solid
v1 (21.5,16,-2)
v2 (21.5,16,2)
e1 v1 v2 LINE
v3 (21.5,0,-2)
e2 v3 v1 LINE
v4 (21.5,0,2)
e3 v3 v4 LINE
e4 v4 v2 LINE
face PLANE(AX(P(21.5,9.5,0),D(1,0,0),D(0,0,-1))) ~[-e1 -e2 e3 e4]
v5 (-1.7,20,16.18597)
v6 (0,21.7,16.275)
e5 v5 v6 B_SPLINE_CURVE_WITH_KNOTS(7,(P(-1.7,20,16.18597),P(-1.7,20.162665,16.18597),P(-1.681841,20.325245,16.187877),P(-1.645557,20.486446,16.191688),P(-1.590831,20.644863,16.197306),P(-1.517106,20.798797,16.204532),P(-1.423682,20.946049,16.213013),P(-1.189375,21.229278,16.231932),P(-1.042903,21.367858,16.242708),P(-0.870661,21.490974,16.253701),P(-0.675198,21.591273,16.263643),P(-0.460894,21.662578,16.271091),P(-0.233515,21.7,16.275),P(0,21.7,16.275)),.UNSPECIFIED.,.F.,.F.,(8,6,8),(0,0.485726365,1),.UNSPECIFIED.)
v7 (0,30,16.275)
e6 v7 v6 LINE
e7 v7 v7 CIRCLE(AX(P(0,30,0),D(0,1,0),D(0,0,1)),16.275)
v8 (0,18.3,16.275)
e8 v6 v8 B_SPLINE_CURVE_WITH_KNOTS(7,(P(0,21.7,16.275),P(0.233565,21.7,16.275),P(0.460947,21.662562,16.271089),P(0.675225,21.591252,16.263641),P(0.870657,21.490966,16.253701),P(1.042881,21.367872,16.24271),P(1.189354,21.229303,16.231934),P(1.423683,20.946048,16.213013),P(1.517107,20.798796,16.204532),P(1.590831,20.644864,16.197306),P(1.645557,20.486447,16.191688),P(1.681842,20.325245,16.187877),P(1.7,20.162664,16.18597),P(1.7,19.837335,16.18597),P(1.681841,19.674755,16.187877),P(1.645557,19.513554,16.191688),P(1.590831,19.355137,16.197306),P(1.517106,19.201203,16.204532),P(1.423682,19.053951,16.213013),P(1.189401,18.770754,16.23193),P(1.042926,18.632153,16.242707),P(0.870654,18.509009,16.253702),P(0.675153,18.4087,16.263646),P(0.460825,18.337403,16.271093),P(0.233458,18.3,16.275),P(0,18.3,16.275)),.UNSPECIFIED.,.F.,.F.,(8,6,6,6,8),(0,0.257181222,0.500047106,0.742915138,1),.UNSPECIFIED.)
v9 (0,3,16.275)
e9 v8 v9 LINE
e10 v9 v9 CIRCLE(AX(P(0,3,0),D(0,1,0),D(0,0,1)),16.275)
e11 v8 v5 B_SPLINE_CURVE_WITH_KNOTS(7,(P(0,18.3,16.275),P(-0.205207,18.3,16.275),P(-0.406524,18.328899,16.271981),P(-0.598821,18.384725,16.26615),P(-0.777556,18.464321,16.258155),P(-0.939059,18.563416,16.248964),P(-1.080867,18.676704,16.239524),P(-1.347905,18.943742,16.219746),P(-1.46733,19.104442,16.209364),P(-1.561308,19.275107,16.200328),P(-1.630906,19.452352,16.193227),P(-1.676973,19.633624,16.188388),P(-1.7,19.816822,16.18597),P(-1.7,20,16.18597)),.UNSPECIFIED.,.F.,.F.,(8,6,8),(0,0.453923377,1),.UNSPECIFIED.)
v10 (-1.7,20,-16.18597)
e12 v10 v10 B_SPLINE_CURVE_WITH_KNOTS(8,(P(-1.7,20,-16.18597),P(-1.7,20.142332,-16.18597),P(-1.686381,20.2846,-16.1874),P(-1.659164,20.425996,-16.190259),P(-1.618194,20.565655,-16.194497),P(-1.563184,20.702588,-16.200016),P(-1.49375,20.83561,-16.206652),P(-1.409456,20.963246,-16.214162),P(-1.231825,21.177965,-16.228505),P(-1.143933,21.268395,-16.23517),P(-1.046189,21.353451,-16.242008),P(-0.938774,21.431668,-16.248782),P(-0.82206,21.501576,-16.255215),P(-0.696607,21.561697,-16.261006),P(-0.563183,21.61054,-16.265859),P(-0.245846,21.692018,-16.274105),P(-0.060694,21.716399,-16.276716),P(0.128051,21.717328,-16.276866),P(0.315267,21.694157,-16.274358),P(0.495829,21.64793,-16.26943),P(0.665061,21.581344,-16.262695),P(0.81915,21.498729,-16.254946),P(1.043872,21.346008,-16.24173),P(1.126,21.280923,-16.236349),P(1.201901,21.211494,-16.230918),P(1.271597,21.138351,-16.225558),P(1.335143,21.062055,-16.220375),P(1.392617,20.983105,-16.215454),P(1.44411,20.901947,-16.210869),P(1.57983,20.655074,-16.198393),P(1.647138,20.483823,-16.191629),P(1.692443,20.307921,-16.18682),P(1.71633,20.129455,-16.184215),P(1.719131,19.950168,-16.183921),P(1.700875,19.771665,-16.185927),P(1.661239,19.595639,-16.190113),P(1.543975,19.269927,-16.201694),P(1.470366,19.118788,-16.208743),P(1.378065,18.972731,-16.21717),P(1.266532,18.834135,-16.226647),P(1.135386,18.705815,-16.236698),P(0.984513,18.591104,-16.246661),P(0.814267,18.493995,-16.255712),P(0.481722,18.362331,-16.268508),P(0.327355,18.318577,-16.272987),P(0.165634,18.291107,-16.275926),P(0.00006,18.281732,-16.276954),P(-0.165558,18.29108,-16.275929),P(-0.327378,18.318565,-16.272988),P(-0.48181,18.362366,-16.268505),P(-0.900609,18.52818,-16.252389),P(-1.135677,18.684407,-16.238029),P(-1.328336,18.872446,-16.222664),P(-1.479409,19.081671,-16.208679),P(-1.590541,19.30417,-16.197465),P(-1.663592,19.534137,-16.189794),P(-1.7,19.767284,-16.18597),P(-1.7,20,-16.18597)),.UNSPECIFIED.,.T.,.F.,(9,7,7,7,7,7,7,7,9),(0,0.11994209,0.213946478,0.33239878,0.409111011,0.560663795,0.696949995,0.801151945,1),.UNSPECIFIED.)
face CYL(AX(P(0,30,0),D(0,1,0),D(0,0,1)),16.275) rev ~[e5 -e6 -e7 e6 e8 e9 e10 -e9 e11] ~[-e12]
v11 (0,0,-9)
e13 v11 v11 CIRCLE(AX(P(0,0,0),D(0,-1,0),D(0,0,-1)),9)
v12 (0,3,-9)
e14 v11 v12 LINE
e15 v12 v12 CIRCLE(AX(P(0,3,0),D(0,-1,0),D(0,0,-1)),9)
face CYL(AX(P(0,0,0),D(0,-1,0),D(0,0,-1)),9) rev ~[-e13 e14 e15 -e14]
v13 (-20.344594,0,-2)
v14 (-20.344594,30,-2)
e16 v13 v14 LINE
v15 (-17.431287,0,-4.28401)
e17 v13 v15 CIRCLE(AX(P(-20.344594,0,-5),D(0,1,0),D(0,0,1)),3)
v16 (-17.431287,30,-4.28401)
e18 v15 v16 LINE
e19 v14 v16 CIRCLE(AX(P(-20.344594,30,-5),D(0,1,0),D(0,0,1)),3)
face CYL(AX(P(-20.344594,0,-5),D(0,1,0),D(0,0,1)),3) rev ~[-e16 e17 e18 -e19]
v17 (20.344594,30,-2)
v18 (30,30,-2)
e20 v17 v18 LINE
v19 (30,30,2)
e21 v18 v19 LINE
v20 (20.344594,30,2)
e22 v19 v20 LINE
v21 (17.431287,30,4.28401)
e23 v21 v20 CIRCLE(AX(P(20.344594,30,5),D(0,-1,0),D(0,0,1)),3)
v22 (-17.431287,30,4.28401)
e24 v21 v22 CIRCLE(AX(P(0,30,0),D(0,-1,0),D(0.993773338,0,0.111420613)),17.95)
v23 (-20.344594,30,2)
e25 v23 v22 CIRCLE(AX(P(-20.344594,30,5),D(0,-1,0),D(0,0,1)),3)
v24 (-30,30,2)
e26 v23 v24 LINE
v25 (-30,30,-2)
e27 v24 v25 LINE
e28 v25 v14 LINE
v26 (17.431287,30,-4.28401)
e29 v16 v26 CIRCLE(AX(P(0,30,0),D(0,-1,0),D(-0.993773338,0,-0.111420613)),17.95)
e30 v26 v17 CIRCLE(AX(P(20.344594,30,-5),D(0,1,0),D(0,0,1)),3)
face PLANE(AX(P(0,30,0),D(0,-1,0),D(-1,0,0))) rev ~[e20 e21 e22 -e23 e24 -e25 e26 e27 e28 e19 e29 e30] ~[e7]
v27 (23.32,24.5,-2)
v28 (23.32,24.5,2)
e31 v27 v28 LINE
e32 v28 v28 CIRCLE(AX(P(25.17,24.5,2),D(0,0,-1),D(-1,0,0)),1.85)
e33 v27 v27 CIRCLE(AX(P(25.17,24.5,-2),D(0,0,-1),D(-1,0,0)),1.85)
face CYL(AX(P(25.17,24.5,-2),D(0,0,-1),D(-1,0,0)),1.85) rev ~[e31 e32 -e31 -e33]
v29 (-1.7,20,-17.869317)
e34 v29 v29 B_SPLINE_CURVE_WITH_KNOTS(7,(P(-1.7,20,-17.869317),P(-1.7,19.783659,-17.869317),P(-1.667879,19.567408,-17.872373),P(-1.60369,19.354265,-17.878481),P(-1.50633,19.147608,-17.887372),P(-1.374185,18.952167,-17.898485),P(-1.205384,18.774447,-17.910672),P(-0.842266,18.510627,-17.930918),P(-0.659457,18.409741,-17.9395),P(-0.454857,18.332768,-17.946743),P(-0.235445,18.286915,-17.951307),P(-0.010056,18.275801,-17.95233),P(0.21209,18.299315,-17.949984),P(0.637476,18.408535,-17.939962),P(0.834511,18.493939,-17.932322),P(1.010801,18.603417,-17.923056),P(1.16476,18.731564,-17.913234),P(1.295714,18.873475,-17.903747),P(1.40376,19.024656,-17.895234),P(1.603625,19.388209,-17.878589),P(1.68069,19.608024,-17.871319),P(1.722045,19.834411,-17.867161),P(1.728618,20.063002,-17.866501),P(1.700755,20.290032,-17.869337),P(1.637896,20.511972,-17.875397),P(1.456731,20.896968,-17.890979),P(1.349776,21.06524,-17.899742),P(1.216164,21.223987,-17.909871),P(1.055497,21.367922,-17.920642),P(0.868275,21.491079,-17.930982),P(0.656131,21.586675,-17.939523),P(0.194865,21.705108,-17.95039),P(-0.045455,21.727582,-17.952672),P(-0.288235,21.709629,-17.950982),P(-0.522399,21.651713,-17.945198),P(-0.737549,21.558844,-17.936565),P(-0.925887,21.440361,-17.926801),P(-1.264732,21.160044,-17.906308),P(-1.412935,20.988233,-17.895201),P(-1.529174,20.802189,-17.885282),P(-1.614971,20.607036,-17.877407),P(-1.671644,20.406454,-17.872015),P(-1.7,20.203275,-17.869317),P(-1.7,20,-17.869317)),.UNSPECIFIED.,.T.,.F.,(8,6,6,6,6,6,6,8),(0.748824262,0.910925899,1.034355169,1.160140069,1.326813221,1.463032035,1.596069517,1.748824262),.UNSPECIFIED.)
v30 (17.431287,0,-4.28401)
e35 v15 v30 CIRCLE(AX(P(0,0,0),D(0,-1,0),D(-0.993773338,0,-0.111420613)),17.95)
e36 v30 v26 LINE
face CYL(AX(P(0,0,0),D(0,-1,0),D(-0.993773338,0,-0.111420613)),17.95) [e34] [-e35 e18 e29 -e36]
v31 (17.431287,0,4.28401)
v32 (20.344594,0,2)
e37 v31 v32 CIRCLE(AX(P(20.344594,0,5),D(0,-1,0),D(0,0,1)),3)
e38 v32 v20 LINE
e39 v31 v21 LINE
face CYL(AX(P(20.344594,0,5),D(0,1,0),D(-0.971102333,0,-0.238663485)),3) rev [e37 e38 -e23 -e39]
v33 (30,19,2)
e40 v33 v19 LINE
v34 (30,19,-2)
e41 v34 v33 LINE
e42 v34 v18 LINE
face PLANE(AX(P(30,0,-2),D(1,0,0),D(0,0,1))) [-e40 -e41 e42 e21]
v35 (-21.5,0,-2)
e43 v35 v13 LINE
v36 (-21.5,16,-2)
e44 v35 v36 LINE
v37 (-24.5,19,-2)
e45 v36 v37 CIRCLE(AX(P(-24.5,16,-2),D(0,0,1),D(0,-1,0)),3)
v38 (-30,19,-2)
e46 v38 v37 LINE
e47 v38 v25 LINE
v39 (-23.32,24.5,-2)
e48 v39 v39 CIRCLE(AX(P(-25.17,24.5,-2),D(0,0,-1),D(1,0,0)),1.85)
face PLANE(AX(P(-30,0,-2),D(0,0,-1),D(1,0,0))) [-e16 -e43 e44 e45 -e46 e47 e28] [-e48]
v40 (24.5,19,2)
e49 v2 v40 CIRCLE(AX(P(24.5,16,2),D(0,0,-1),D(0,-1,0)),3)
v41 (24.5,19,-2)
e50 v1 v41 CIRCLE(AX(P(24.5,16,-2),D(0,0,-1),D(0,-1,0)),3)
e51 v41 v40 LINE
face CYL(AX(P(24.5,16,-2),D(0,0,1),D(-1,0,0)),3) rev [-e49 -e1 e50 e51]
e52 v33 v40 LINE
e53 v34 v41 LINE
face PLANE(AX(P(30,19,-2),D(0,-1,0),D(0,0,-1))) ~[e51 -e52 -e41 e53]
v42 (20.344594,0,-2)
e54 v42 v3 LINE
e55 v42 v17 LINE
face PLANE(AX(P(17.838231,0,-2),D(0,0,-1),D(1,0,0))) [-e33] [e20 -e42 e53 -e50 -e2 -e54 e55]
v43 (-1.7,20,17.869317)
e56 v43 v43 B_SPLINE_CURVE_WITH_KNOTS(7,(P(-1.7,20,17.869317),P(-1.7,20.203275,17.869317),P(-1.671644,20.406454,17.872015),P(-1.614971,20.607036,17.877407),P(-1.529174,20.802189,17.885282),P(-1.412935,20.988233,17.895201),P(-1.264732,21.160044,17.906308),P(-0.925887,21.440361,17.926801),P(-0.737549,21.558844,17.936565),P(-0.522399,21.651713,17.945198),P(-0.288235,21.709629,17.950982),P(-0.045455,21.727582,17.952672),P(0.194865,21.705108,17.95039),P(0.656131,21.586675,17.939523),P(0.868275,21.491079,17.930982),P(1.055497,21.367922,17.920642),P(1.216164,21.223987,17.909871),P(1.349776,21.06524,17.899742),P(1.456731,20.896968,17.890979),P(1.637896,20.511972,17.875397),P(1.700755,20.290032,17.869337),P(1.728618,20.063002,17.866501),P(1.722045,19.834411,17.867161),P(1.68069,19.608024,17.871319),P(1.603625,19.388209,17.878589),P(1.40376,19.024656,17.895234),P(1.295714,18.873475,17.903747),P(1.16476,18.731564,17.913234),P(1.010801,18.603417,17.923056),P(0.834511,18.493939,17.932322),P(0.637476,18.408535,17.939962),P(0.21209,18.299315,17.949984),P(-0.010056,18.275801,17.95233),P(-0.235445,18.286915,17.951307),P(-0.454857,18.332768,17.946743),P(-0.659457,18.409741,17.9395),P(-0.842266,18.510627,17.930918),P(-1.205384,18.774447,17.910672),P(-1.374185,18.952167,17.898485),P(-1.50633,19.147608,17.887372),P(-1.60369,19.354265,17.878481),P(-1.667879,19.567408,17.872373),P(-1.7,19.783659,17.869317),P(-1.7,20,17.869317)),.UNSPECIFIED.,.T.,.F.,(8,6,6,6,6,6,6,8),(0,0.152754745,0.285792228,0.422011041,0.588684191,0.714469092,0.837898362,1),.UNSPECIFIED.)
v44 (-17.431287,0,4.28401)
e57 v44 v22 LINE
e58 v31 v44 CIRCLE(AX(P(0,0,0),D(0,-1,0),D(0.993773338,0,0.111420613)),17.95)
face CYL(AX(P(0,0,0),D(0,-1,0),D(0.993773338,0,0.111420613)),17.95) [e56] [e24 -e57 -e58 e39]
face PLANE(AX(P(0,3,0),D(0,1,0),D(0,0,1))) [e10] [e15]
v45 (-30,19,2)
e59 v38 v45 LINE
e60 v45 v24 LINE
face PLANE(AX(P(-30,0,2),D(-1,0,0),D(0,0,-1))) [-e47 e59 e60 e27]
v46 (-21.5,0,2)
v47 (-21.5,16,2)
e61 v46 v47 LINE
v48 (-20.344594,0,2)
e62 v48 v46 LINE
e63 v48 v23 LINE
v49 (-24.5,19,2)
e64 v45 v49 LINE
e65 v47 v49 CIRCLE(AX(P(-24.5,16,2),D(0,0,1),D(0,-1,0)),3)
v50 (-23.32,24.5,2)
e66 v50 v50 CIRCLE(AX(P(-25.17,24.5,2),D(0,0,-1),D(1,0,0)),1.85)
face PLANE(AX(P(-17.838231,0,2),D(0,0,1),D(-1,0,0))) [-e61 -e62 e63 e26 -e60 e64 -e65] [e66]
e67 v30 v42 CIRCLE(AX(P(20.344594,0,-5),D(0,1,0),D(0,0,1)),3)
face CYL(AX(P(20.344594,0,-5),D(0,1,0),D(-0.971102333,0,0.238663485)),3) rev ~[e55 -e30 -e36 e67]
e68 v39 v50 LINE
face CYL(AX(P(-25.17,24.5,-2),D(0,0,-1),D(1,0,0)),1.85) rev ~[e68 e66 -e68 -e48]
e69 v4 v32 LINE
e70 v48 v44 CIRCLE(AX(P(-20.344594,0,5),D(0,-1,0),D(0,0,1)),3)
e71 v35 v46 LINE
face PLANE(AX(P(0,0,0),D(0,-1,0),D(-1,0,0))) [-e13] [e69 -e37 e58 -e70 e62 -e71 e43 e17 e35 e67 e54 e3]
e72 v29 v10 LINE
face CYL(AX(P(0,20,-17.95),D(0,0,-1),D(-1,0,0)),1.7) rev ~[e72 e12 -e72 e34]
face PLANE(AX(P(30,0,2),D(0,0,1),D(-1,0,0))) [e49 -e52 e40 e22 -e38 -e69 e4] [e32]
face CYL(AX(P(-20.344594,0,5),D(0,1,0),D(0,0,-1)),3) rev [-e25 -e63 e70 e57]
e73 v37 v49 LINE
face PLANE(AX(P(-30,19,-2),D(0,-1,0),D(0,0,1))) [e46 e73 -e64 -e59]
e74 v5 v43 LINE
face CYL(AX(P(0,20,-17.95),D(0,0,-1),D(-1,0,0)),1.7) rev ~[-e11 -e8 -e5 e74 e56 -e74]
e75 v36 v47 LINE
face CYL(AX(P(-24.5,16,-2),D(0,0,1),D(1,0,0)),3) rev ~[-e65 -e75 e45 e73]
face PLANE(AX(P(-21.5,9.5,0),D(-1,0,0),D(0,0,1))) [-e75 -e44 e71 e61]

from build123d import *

# Parameters (mm, degrees)
BOSS_EXTRUDE1_DEPTH = 30
SKETCH4_W           = 4
SKETCH4_H           = 19
CUT_EXTRUDE3_DEPTH  = 8.5
SKETCH7_R           = 16.275
CUT_EXTRUDE4_DEPTH  = 27
SKETCH6_R           = 9
CUT_EXTRUDE5_DEPTH  = 4
FILLET3_R           = 3
FILLET4_R           = 3
SKETCH8_R           = 1.85
CUT_EXTRUDE6_DEPTH  = 4
SKETCH9_R           = 1.7
CUT_EXTRUDE7_DEPTH  = 37


with BuildPart() as part:
    # Sketch1 → Boss-Extrude1 (new body)
    with BuildSketch(Plane(origin=(0, 0, 0), x_dir=(1, 0, 0), z_dir=(0, 1, 0))):
        with BuildLine():
            Line((-30, -2), (-30, 2))
            Line((-30, 2), (-17.838231415, 2))
            ThreePointArc((-17.838231415, 2), (0, 17.95), (17.838231415, 2))
            Line((17.838231415, 2), (30, 2))
            Line((30, 2), (30, -2))
            Line((30, -2), (17.838231415, -2))
            ThreePointArc((17.838231415, -2), (0, -17.95), (-17.838231415, -2))
            Line((-17.838231415, -2), (-30, -2))
        make_face()
    extrude(amount=BOSS_EXTRUDE1_DEPTH)

    # Sketch4 → Cut-Extrude3 (cut)
    with BuildSketch(Plane.ZY.offset(30)):
        with Locations((0, 9.5)):
            Rectangle(SKETCH4_W, SKETCH4_H)
    cut_extrude3 = extrude(amount=-CUT_EXTRUDE3_DEPTH, mode=Mode.SUBTRACT)

    # Mirror1: Cut-Extrude3 across plane
    add(cut_extrude3.mirror(Plane(origin=(0, 0, 0), x_dir=(0, 0, 1), z_dir=(1, 0, 0))), mode=Mode.SUBTRACT)

    # Sketch7 → Cut-Extrude4 (cut)
    with BuildSketch(Plane(origin=(0, 30, 0), x_dir=(1, 0, 0), z_dir=(0, 1, 0))):
        with Locations(Location((0, 0, 0), (0, 0, 270))):
            Circle(SKETCH7_R)
    extrude(amount=-CUT_EXTRUDE4_DEPTH, mode=Mode.SUBTRACT)

    # Sketch6 → Cut-Extrude5 (cut)
    with BuildSketch(Plane.XZ):
        with Locations(Location((0, 0, 0), (0, 0, 270))):
            Circle(SKETCH6_R)
    extrude(amount=-CUT_EXTRUDE5_DEPTH, mode=Mode.SUBTRACT)

    # Fillet3
    fillet3_edges = [part.edges().sort_by_distance(p)[0] for p in [
        (-17.838231415, 15, 2),
        (-17.838231415, 15, -2),
        (17.838231415, 15, -2),
        (17.838231415, 15, 2),
    ]]
    fillet(fillet3_edges, radius=FILLET3_R)

    # Fillet4
    fillet4_edges = [part.edges().sort_by_distance(p)[0] for p in [
        (-21.5, 19, 0),
        (21.5, 19, 0),
    ]]
    fillet(fillet4_edges, radius=FILLET4_R)

    # Sketch8 → Cut-Extrude6 (cut)
    with BuildSketch(Plane(origin=(0, 0, -2), x_dir=(-1, 0, 0), z_dir=(0, 0, -1))):
        with Locations((-25.17, 24.5)):
            Circle(SKETCH8_R)
        with Locations(Location((25.17, 24.5, 0), (0, 0, 180))):
            Circle(SKETCH8_R)
    extrude(amount=-CUT_EXTRUDE6_DEPTH, mode=Mode.SUBTRACT)

    # Sketch9 → Cut-Extrude7 (cut)
    with BuildSketch(Plane(origin=(0, 0, -17.95), x_dir=(-1, 0, 0), z_dir=(0, 0, -1))):
        with Locations((0, 20)):
            Circle(SKETCH9_R)
    extrude(amount=-CUT_EXTRUDE7_DEPTH, mode=Mode.SUBTRACT)


solid = part.part
